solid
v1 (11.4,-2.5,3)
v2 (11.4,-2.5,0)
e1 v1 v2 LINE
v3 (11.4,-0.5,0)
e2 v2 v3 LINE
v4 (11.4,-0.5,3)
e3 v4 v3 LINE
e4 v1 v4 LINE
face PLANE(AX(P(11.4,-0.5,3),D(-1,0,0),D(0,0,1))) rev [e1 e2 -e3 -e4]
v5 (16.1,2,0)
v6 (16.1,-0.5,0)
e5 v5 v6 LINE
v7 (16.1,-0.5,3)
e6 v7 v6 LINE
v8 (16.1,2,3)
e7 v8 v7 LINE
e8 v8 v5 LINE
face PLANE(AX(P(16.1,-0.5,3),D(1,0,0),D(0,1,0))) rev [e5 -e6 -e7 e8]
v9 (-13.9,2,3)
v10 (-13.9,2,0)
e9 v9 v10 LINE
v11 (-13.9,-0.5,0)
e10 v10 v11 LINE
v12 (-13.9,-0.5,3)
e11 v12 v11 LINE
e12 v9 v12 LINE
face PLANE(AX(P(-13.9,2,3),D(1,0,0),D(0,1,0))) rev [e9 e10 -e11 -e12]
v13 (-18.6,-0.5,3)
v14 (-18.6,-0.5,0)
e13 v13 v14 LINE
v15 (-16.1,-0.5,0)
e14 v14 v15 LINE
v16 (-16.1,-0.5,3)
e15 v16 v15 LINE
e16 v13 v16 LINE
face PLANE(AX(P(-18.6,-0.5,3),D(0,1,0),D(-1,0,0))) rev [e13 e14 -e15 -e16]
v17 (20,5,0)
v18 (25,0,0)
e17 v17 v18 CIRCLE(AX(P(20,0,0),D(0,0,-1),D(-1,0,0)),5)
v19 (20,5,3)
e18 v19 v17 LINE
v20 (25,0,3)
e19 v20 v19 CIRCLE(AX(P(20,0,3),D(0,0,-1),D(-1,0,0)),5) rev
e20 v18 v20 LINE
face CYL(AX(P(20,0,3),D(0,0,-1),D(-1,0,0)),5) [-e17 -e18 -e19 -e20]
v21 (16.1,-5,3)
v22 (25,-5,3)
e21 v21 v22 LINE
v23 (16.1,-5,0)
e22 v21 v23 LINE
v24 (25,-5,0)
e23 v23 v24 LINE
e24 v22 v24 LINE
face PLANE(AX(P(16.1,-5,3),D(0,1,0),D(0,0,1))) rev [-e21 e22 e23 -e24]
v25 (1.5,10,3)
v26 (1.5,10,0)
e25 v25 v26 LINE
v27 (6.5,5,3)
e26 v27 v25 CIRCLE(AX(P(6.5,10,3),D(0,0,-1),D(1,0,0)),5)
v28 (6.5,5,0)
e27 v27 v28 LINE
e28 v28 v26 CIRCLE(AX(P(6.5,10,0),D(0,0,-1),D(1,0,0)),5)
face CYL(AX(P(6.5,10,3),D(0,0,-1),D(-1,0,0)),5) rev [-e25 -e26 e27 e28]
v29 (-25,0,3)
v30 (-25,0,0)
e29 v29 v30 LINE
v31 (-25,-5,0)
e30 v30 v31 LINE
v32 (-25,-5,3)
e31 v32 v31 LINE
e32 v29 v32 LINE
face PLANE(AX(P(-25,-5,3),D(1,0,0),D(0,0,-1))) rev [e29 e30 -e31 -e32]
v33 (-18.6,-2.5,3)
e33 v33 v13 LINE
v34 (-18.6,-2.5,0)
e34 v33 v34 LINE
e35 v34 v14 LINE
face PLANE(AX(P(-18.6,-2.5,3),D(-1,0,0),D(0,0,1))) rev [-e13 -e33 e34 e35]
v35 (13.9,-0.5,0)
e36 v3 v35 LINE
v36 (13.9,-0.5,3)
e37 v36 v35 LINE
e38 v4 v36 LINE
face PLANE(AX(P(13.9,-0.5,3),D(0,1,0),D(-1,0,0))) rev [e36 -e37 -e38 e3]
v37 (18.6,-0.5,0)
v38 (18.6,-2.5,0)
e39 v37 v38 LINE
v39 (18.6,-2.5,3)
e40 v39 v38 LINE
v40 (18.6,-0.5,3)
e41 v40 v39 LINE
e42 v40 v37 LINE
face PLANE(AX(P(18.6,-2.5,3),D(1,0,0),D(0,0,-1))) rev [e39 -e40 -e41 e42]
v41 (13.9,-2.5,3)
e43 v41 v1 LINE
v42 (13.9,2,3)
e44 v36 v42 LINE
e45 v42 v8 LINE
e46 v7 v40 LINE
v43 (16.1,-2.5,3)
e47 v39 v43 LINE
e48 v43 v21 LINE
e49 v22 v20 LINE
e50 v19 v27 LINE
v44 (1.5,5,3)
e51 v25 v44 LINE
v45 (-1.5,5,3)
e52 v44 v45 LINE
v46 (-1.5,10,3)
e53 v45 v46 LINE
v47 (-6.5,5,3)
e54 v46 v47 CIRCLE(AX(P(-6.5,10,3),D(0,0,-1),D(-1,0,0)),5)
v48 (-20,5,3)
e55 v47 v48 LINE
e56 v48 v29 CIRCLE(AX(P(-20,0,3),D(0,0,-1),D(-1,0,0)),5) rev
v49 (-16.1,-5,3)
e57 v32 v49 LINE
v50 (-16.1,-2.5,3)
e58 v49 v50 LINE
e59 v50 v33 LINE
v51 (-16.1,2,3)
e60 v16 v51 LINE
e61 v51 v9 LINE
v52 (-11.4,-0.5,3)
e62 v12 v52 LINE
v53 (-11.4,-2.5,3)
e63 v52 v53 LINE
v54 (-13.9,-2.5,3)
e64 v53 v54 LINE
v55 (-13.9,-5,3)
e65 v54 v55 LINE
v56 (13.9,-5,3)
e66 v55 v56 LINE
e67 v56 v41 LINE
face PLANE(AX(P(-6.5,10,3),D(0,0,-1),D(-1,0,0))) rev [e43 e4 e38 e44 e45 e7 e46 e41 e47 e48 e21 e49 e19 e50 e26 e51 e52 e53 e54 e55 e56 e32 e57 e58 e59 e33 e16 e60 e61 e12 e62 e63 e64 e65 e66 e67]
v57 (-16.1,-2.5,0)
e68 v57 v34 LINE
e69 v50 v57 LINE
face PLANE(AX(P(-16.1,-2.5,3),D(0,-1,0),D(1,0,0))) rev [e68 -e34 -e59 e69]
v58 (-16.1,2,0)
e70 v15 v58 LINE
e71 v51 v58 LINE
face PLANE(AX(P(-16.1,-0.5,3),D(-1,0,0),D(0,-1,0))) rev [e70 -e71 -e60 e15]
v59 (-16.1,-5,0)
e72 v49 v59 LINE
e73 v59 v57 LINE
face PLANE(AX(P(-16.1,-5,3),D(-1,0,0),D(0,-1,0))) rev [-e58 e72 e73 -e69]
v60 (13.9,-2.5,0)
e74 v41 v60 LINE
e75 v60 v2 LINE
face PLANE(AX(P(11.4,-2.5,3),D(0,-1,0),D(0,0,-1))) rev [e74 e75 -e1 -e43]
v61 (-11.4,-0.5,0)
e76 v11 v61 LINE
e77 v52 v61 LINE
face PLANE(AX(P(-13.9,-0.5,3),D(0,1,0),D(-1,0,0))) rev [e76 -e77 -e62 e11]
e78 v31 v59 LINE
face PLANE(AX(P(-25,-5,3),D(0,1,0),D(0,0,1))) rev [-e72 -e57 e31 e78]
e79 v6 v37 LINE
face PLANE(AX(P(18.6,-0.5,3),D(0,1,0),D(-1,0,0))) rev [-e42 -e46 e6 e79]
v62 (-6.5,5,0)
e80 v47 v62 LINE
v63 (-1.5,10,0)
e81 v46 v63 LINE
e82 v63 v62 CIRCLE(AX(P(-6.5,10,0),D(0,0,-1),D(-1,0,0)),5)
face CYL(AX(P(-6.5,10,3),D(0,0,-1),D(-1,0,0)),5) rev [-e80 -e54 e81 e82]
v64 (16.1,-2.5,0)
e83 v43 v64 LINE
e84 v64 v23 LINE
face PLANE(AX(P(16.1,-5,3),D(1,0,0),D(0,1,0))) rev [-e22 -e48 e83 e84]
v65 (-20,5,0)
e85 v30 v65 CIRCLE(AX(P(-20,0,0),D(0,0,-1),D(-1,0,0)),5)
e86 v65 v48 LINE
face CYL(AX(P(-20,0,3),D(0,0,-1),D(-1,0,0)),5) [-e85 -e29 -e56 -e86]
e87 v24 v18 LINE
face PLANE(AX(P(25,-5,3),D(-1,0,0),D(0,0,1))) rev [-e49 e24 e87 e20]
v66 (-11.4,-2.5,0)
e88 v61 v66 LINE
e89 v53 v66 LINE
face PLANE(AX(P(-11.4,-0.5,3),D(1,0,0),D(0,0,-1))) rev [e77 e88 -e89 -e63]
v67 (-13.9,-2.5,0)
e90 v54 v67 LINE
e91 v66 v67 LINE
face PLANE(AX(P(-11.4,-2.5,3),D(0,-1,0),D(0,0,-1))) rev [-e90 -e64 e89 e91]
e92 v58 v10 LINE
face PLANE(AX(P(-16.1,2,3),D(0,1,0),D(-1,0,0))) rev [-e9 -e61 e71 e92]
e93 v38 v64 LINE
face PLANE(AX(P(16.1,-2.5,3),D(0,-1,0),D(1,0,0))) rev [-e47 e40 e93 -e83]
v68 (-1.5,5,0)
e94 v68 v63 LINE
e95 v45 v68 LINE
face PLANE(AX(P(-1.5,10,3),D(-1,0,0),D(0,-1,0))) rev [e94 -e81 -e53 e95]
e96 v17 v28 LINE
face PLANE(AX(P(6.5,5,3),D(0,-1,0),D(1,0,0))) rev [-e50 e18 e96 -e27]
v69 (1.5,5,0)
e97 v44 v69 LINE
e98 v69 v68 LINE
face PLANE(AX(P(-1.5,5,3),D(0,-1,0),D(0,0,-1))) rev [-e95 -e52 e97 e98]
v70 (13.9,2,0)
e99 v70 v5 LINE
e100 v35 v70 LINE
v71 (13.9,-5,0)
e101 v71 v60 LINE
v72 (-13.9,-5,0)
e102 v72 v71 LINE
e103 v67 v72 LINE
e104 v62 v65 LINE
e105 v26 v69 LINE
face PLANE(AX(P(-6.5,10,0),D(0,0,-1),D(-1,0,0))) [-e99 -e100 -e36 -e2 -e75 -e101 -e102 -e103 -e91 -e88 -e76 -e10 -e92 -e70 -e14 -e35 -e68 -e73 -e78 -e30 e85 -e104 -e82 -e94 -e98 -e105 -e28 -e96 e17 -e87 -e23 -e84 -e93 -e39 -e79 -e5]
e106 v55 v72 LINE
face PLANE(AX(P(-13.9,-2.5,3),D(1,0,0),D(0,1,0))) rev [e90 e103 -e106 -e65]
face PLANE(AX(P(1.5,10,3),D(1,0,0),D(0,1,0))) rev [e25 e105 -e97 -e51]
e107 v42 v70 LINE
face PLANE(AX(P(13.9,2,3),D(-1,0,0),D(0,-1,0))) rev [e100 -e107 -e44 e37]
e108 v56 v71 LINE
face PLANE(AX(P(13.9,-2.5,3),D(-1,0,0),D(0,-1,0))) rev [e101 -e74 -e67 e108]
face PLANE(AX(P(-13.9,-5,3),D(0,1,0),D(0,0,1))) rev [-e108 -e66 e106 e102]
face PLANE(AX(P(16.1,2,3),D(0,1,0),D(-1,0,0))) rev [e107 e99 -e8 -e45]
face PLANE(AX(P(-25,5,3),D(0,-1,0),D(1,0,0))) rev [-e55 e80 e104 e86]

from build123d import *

# Parameters (mm, degrees)
BOSS_EXTRUDE1_DEPTH = 3
FILLET1_R           = 5


with BuildPart() as part:
    # Sketch1 → Boss-Extrude1 (new body)
    with BuildSketch(Plane.XY):
        with BuildLine():
            Line((-25, -5), (-16.1, -5))
            Line((-16.1, -5), (-16.1, -2.5))
            Line((-16.1, -2.5), (-18.6, -2.5))
            Line((-18.6, -2.5), (-18.6, -0.5))
            Line((-18.6, -0.5), (-16.1, -0.5))
            Line((-16.1, -0.5), (-16.1, 2))
            Line((-16.1, 2), (-13.9, 2))
            Line((-13.9, 2), (-13.9, -0.5))
            Line((-13.9, -0.5), (-11.4, -0.5))
            Line((-11.4, -0.5), (-11.4, -2.5))
            Line((-11.4, -2.5), (-13.9, -2.5))
            Line((-13.9, -2.5), (-13.9, -5))
            Line((-13.9, -5), (13.9, -5))
            Line((13.9, -5), (13.9, -2.5))
            Line((13.9, -2.5), (11.4, -2.5))
            Line((11.4, -2.5), (11.4, -0.5))
            Line((11.4, -0.5), (13.9, -0.5))
            Line((13.9, -0.5), (13.9, 2))
            Line((13.9, 2), (16.1, 2))
            Line((16.1, 2), (16.1, -0.5))
            Line((16.1, -0.5), (18.6, -0.5))
            Line((18.6, -0.5), (18.6, -2.5))
            Line((18.6, -2.5), (16.1, -2.5))
            Line((16.1, -2.5), (16.1, -5))
            Line((16.1, -5), (25, -5))
            Line((25, -5), (25, 5))
            Line((25, 5), (6.5, 5))
            ThreePointArc((6.5, 5), (2.964466094, 6.464466094), (1.5, 10))
            Line((1.5, 10), (1.5, 5))
            Line((1.5, 5), (-1.5, 5))
            Line((-1.5, 5), (-1.5, 10))
            ThreePointArc((-1.5, 10), (-2.964466094, 6.464466094), (-6.5, 5))
            Line((-6.5, 5), (-25, 5))
            Line((-25, 5), (-25, -5))
        make_face()
    extrude(amount=BOSS_EXTRUDE1_DEPTH)

    # Fillet1
    fillet1_edges = [part.edges().sort_by_distance(p)[0] for p in [
        (25, 5, 1.5),
        (-25, 5, 1.5),
    ]]
    fillet(fillet1_edges, radius=FILLET1_R)


solid = part.part
